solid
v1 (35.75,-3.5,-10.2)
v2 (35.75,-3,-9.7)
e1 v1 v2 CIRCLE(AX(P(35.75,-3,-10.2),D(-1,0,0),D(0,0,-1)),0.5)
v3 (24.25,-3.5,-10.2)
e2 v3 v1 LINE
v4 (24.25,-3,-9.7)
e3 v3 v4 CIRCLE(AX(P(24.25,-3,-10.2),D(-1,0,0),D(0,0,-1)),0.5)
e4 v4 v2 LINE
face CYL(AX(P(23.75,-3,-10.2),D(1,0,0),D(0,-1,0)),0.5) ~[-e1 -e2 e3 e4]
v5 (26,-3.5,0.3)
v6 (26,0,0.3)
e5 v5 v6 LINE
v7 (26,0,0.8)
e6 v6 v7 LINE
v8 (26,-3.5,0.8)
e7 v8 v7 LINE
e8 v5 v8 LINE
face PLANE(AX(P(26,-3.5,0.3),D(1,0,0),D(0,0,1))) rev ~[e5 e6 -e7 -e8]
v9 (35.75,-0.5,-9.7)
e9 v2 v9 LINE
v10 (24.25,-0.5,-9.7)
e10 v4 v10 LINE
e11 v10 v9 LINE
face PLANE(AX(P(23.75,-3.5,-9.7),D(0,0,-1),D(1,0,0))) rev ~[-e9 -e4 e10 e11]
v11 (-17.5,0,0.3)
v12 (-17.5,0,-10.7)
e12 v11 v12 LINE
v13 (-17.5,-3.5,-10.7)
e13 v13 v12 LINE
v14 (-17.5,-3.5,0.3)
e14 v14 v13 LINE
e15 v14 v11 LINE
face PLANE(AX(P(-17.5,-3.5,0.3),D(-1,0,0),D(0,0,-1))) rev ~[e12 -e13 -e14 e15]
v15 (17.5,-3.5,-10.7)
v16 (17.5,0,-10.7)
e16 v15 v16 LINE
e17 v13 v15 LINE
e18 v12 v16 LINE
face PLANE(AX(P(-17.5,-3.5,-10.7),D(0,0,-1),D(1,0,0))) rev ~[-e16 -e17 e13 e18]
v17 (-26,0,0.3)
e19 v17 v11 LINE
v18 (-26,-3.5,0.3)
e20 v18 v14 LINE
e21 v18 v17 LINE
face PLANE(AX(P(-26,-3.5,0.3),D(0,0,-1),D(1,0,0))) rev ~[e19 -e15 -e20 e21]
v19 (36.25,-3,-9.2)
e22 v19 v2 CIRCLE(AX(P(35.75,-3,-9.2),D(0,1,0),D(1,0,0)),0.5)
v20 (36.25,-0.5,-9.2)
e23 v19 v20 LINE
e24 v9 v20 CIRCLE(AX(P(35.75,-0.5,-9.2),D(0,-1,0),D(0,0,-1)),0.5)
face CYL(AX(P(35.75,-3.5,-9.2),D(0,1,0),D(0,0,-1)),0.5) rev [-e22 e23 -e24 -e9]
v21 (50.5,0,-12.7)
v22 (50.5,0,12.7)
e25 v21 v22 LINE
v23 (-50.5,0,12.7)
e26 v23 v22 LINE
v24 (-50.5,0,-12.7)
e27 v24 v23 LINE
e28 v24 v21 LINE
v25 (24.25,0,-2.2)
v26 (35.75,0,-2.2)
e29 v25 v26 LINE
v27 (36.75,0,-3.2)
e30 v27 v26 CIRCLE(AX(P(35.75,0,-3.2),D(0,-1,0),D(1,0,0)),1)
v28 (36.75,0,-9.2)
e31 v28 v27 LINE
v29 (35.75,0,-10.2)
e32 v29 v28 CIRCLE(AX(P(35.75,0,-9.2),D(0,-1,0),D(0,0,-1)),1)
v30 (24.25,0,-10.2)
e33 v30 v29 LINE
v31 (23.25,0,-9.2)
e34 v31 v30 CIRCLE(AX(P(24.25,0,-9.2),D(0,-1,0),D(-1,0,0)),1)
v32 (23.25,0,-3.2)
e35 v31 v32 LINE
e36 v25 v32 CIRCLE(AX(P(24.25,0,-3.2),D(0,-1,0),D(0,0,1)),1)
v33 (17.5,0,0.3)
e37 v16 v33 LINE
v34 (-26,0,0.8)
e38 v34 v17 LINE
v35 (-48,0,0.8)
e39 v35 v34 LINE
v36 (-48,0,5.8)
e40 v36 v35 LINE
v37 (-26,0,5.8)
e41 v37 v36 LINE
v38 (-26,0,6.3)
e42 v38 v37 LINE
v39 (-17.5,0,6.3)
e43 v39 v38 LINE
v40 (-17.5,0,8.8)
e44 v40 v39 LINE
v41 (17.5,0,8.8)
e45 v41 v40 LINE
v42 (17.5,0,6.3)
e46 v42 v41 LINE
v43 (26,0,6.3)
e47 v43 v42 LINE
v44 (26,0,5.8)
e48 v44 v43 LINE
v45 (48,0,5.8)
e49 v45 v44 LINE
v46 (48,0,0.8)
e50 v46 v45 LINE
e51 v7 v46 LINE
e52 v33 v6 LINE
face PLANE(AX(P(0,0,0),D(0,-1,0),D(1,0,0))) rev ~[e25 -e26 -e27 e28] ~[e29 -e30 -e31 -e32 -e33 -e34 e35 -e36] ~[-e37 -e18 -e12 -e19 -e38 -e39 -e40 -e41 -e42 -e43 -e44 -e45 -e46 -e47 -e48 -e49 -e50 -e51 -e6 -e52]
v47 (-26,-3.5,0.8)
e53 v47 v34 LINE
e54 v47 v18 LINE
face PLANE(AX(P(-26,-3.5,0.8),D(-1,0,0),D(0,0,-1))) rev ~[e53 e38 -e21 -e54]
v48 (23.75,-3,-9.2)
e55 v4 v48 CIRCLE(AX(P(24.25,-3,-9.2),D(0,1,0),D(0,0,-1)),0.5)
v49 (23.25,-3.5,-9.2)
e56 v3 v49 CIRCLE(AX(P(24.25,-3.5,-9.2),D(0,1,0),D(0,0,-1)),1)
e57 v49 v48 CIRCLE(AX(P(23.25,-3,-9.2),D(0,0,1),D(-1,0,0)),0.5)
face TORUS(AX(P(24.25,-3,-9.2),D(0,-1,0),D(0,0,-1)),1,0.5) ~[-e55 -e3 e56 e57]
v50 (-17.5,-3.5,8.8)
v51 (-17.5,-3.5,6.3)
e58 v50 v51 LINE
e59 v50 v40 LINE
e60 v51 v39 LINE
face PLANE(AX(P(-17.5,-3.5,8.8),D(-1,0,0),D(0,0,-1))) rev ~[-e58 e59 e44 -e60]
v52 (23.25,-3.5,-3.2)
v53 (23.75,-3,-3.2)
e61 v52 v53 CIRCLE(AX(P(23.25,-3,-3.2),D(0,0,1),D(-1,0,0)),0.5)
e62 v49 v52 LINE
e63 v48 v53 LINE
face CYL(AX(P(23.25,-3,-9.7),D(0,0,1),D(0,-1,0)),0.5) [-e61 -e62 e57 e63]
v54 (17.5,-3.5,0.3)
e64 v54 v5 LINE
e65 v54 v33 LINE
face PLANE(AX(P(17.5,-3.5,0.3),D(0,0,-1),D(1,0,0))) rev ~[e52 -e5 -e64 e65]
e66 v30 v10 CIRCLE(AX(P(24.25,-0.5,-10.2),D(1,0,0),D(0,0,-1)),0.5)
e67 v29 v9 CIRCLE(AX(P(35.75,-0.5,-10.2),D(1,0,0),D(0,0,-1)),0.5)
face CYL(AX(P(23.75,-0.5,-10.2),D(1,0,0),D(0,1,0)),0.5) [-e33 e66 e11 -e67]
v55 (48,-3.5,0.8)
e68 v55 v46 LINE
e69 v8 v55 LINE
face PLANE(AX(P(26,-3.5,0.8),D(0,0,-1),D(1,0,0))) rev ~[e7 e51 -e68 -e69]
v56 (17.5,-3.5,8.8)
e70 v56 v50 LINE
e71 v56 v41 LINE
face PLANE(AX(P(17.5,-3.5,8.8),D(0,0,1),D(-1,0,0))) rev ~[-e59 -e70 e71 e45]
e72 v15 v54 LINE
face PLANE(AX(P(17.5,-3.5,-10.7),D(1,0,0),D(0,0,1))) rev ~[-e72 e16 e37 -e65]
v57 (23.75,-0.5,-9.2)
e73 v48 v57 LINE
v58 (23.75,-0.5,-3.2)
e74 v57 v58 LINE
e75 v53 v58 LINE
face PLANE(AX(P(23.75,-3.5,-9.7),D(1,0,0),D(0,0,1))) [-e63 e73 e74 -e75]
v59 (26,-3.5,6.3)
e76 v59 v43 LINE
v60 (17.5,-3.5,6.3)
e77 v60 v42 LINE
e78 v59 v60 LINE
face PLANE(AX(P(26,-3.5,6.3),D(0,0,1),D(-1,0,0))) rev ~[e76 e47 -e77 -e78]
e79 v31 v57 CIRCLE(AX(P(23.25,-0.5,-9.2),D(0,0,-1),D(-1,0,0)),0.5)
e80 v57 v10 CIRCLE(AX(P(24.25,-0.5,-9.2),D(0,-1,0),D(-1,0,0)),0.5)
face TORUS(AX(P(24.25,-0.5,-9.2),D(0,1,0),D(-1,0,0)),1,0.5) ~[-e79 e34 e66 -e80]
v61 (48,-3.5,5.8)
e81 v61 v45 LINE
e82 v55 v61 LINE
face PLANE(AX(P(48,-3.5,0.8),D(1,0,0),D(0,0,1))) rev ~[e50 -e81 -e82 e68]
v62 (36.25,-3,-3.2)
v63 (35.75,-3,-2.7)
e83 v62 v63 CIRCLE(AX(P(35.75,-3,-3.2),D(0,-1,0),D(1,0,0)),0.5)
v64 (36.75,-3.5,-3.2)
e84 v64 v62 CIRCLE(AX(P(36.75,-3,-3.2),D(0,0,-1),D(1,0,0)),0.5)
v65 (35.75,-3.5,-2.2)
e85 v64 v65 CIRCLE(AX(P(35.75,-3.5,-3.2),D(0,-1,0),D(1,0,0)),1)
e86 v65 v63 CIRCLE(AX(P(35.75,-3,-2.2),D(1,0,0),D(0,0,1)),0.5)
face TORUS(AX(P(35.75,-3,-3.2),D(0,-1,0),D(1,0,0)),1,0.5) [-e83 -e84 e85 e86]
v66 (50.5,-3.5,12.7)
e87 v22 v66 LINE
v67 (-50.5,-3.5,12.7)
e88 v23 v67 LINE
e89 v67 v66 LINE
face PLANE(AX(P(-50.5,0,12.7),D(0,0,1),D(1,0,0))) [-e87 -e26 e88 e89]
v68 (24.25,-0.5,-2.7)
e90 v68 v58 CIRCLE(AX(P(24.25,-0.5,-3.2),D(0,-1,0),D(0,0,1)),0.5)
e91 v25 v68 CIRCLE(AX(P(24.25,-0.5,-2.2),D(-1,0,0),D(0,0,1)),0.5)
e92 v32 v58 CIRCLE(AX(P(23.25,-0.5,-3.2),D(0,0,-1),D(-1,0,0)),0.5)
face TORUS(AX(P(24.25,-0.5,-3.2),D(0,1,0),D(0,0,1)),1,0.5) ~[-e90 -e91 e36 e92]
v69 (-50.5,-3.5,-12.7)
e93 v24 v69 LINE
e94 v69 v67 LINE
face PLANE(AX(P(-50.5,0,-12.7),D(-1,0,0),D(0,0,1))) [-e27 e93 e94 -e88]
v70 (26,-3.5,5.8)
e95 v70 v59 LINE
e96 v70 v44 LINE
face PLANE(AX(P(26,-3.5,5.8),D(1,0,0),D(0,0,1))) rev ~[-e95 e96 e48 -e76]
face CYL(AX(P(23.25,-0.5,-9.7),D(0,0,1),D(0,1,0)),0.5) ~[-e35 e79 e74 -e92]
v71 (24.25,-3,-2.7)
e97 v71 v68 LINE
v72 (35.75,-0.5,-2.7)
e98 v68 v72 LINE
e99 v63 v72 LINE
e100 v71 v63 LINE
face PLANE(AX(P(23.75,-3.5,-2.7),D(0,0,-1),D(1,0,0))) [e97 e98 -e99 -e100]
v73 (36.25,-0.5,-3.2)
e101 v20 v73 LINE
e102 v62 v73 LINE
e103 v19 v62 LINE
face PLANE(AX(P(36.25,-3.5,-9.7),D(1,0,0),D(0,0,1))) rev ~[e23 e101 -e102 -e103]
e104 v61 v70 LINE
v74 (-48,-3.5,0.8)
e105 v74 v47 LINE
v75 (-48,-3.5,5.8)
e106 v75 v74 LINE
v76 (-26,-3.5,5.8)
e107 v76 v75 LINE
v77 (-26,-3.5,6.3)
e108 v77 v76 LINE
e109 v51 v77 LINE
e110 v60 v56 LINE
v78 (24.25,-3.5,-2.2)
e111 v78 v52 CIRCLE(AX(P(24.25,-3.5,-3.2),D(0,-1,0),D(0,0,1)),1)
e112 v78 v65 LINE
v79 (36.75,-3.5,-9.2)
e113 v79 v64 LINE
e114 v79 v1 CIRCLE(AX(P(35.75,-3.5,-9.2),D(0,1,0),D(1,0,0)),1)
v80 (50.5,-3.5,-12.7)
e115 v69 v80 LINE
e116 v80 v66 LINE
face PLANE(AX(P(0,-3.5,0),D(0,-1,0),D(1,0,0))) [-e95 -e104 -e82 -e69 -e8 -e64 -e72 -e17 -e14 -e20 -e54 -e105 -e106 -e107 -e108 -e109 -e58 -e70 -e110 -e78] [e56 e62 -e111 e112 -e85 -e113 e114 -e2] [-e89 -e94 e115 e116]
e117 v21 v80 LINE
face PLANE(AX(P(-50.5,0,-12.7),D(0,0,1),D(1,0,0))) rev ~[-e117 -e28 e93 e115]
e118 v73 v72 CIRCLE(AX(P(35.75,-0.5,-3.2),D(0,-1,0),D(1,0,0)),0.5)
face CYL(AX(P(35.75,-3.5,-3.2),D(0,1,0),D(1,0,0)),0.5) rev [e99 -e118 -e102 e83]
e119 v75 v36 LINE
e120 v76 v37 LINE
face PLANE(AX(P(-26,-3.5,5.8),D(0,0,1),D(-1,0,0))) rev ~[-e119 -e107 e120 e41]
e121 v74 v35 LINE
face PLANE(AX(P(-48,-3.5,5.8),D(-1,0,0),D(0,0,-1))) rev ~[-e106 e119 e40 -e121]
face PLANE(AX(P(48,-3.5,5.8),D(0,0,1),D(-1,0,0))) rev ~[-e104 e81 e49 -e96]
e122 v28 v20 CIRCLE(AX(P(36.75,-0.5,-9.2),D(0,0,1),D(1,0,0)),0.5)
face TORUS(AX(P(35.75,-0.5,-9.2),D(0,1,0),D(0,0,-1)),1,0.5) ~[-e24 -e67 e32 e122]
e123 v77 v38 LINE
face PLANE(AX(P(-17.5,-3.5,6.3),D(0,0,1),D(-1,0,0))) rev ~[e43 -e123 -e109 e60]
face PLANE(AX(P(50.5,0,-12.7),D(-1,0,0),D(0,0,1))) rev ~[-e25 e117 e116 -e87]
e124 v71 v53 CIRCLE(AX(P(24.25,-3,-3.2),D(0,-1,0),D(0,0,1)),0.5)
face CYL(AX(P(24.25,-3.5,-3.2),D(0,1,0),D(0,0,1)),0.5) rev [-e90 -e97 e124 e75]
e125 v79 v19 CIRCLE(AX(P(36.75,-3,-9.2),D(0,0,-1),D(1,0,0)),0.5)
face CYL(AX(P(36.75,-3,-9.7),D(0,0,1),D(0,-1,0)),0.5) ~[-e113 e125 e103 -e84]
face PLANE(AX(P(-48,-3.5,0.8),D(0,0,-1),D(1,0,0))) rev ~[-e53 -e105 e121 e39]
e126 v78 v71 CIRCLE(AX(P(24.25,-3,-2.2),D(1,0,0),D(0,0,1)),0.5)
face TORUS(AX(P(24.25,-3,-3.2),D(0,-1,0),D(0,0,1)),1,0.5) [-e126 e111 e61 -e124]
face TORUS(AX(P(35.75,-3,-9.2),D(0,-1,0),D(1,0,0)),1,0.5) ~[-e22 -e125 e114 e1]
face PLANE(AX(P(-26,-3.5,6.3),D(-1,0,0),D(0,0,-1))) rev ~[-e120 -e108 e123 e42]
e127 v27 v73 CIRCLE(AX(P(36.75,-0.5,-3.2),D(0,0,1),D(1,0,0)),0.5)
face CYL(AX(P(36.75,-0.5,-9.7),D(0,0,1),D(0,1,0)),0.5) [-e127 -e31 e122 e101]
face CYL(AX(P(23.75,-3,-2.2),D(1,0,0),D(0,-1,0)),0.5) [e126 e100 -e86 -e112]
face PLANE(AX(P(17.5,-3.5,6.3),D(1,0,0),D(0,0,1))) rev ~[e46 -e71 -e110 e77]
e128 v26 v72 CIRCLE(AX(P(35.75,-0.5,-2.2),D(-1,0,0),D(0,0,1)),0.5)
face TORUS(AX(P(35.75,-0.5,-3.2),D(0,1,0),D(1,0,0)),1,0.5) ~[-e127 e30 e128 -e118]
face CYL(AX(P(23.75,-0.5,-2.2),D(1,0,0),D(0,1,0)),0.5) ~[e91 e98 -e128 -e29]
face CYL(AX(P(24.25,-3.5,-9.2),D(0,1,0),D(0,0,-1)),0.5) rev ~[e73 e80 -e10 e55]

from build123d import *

# Parameters (mm, degrees)
SKETCH_W          = 101
SKETCH_H          = 25.4
PAD_DEPTH         = 3.5
SKETCH001_W       = 12.5
SKETCH001_H       = 7
POCKET_DEPTH      = 3.501
POCKET_DEPTH_BACK = 0.001
FILLET_R          = 0.5


with BuildPart() as part:
    # Sketch → Pad (new body)
    with BuildSketch(Plane.XZ):
        Rectangle(SKETCH_W, SKETCH_H)
    extrude(amount=PAD_DEPTH)

    # Sketch001 (on DatumPlane) → Pocket (cut, two sides)
    with BuildSketch(Plane.XZ.offset(3.5)) as pocket_sk:
        Polygon((-48, 5.8), (-48, 0.8), (-26, 0.8), (-26, 0.3), (-17.5, 0.3), (-17.5, -10.7), (17.5, -10.7), (17.5, 0.3), (26, 0.3), (26, 0.8), (48, 0.8), (48, 5.8), (26, 5.8), (26, 6.3), (17.5, 6.3), (17.5, 8.8), (-17.5, 8.8), (-17.5, 6.3), (-26, 6.3), (-26, 5.8), align=None)
        with Locations((30, -6.2)):
            Rectangle(SKETCH001_W, SKETCH001_H)
    extrude(amount=-POCKET_DEPTH, mode=Mode.SUBTRACT)
    extrude(pocket_sk.sketch, amount=POCKET_DEPTH_BACK, mode=Mode.SUBTRACT)

    # Fillet
    fillet_edges = [part.edges().sort_by_distance(p)[0] for p in [
        (23.75, -3.5, -6.2),
        (23.75, -1.75, -9.7),
        (23.75, 0, -6.2),
        (23.75, -1.75, -2.7),
        (30, -3.5, -9.7),
        (36.25, -1.75, -9.7),
        (30, 0, -9.7),
        (30, -3.5, -2.7),
        (30, 0, -2.7),
        (36.25, -1.75, -2.7),
        (36.25, -3.5, -6.2),
        (36.25, 0, -6.2),
    ]]
    fillet(fillet_edges, radius=FILLET_R)


solid = part.part
